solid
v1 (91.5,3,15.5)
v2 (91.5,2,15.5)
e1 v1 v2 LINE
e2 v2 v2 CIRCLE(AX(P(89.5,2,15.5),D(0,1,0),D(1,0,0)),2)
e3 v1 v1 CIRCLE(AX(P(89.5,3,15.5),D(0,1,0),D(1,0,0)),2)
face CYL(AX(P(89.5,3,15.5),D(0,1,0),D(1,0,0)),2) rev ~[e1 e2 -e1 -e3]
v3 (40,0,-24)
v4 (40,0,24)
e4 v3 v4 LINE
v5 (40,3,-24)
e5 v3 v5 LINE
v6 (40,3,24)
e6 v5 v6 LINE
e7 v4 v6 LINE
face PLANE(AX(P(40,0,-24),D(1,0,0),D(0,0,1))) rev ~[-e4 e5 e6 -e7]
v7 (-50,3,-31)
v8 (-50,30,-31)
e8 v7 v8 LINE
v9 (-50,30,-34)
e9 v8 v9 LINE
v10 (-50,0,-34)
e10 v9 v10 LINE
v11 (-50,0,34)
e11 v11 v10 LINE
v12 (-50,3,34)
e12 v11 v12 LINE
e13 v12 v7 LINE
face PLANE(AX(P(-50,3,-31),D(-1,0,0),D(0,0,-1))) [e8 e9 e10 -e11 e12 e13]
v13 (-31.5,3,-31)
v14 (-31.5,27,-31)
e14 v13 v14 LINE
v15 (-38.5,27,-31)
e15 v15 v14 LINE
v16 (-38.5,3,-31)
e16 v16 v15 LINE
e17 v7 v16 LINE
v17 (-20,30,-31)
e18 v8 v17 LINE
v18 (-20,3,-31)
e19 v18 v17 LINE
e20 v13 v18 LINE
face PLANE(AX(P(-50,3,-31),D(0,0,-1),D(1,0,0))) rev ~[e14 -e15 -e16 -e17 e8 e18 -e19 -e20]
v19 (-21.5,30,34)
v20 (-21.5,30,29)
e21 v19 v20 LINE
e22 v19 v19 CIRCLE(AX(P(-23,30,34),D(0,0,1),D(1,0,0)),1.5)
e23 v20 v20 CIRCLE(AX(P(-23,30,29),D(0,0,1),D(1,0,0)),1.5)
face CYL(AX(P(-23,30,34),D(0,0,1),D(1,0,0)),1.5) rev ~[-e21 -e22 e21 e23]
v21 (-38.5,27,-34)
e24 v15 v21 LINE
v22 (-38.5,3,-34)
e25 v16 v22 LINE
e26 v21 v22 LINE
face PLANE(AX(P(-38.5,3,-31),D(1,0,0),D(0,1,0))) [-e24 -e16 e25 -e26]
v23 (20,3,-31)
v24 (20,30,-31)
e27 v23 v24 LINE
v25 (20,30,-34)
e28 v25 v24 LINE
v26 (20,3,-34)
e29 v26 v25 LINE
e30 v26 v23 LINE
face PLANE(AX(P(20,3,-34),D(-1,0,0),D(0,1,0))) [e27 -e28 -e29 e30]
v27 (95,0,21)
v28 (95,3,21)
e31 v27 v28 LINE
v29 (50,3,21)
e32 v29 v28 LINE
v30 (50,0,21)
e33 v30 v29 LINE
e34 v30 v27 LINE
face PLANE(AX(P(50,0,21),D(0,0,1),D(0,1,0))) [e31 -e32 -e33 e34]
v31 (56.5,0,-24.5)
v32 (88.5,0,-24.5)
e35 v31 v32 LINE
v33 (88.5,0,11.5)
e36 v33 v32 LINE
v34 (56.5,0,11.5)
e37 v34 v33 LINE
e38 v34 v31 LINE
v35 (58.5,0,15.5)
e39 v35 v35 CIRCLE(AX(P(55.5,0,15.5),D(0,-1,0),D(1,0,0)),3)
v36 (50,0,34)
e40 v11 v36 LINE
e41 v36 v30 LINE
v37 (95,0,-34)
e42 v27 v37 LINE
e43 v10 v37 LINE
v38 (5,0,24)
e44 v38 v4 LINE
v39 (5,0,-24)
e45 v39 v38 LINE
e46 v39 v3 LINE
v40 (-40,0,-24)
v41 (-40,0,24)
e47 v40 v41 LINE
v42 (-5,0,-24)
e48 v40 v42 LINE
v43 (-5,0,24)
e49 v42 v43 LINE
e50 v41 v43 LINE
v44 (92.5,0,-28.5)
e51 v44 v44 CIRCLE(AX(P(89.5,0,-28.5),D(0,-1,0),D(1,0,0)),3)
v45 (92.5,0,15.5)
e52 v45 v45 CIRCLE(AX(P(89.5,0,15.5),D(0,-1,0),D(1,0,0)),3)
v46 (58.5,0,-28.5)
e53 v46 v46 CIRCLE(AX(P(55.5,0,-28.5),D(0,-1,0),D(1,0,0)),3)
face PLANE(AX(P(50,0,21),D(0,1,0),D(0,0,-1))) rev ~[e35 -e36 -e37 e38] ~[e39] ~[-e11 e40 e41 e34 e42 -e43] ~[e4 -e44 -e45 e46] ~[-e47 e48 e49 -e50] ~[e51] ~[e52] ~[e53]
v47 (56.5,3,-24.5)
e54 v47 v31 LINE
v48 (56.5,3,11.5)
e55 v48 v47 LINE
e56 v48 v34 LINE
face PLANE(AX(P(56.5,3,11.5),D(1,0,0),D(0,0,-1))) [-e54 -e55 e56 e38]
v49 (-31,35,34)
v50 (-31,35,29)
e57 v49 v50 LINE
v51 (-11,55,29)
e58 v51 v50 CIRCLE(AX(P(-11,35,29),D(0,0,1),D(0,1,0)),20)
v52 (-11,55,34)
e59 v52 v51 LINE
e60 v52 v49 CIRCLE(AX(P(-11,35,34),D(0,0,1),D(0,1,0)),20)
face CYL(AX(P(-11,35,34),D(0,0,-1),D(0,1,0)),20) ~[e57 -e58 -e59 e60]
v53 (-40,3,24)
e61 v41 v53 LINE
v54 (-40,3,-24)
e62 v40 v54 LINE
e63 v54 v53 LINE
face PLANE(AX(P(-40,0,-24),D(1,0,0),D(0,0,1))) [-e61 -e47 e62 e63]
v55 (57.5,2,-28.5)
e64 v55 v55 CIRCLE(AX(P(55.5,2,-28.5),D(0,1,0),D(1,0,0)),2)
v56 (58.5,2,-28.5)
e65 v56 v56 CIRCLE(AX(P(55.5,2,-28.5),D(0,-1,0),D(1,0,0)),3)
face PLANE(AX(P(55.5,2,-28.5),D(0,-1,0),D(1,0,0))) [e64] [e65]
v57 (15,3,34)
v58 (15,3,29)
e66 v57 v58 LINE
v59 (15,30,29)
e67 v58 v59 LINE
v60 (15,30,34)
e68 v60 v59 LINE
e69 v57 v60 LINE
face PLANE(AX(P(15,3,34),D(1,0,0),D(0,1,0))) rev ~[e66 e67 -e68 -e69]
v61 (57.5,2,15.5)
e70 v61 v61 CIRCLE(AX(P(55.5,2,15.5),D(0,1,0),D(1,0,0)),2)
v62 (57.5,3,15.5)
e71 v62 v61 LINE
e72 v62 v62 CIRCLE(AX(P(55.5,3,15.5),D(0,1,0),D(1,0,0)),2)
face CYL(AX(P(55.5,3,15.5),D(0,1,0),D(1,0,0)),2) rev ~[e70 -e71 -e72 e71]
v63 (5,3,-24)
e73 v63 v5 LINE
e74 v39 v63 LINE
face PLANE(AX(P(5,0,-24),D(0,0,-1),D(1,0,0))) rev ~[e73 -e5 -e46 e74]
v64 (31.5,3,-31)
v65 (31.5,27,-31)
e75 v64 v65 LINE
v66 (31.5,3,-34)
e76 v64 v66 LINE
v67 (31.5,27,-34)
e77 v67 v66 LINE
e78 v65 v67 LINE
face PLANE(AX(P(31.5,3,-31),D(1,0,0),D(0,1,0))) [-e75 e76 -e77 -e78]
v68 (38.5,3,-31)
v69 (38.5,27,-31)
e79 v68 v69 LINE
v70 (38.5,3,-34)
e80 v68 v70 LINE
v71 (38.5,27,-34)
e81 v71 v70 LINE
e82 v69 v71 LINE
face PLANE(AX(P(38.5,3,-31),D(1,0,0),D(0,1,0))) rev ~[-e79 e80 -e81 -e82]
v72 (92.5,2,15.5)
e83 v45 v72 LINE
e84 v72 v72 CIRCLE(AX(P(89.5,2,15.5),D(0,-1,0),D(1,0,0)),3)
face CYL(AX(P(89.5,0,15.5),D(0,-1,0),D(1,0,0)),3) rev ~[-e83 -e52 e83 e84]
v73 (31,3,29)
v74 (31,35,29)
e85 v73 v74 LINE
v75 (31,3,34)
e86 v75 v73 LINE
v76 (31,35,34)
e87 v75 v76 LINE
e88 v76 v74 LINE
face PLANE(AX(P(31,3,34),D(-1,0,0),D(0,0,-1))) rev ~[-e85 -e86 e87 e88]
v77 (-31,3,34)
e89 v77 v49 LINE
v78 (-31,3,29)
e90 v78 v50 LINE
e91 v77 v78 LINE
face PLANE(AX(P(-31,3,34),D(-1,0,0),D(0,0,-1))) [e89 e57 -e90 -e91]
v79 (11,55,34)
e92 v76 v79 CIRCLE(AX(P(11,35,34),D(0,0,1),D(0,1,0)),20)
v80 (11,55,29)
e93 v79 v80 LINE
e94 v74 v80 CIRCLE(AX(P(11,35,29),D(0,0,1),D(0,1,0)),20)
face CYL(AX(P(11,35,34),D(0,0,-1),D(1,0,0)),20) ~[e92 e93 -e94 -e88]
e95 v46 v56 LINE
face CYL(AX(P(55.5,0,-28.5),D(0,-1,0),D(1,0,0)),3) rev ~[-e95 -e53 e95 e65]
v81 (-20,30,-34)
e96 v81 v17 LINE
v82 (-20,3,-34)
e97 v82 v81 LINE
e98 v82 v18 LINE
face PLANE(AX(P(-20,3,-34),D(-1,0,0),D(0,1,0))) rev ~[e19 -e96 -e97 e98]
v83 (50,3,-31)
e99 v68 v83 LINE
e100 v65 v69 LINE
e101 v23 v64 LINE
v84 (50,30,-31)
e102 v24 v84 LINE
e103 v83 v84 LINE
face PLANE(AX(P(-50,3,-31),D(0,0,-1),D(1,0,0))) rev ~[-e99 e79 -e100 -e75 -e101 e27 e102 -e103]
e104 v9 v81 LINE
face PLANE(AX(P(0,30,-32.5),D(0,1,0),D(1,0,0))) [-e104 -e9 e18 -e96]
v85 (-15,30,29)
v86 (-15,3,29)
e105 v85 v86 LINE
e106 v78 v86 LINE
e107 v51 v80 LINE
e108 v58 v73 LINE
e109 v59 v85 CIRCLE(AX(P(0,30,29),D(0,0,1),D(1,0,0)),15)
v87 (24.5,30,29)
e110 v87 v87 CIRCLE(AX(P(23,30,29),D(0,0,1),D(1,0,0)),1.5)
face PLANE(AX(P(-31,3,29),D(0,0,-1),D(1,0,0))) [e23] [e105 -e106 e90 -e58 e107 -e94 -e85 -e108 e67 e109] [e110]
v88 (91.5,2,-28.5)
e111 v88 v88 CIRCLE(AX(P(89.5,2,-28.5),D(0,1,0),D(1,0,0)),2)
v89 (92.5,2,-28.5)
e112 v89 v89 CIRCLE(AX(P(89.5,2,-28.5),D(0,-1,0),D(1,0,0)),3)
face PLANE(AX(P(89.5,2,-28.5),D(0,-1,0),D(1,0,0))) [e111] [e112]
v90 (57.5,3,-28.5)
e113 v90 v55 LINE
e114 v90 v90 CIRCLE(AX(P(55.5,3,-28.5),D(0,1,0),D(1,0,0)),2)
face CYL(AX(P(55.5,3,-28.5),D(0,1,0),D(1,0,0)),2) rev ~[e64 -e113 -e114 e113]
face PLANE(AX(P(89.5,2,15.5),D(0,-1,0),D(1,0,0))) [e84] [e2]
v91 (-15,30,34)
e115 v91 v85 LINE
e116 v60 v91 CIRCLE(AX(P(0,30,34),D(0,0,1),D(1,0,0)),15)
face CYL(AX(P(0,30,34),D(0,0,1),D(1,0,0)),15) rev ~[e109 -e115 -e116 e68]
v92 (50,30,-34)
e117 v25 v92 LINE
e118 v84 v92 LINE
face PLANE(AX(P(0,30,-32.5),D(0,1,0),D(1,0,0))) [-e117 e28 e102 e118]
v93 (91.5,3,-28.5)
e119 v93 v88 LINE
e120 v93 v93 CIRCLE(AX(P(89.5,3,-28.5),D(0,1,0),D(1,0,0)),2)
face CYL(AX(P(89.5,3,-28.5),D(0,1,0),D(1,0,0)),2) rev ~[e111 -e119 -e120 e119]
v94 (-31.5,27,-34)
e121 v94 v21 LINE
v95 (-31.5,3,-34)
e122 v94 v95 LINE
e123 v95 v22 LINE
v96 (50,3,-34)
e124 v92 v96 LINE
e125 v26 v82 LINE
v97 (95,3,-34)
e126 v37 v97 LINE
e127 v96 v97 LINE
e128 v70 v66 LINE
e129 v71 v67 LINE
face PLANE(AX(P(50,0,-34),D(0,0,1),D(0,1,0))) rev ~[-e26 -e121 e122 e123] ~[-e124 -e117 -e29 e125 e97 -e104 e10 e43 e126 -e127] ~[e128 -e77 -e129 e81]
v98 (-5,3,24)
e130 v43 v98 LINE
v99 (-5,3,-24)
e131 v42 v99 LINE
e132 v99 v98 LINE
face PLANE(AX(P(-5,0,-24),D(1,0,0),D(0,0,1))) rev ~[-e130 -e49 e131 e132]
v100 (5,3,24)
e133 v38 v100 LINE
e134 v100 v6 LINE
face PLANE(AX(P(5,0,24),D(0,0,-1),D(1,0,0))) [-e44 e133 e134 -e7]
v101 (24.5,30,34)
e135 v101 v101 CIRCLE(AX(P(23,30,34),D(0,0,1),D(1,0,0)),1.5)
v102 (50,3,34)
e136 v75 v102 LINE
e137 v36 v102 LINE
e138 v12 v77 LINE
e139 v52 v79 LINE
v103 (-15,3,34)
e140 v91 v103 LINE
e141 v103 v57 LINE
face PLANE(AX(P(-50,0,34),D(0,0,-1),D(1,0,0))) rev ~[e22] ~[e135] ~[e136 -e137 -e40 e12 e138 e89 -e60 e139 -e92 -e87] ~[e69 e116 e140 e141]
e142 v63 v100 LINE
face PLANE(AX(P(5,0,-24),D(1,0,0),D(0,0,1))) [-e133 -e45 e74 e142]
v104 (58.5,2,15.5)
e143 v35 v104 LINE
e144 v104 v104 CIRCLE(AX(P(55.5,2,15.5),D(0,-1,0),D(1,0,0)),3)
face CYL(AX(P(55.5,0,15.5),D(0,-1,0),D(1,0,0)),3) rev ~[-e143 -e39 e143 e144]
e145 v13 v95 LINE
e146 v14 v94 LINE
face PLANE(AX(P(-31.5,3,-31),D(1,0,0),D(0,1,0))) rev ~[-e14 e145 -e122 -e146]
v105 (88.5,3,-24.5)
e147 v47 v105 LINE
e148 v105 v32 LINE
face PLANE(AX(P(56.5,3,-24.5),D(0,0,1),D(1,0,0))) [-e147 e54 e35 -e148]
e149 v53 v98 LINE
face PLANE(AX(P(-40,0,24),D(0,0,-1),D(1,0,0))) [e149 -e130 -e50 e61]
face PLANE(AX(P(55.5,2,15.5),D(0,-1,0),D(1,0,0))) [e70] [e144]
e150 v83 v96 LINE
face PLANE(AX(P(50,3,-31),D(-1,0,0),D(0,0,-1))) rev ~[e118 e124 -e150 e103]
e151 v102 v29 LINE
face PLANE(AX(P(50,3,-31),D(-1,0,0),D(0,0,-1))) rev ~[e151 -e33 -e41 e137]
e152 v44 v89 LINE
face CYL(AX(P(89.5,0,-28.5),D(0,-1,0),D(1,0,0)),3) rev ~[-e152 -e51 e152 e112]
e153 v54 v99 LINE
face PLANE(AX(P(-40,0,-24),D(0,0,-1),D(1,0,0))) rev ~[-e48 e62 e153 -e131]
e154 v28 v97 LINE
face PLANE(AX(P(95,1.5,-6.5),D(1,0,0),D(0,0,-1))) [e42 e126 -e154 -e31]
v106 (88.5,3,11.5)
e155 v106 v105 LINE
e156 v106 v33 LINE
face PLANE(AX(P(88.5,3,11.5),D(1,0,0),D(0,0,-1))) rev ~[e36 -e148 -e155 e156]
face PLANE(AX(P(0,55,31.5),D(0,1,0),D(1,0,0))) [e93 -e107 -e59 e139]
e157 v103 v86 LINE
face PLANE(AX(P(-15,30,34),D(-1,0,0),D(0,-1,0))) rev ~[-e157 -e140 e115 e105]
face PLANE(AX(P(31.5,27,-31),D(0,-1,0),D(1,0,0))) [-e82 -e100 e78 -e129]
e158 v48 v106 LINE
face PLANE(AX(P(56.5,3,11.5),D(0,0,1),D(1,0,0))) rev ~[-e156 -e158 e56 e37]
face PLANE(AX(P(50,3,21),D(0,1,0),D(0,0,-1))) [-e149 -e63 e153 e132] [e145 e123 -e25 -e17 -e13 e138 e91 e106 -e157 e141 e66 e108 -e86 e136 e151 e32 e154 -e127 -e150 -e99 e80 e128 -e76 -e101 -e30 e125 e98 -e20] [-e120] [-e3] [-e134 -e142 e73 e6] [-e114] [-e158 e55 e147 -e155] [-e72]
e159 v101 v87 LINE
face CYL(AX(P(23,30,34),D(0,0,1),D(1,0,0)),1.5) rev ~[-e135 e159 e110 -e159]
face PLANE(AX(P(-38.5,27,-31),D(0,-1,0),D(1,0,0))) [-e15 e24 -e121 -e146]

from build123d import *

# Parameters (mm, degrees)
SKETCH_1_W          = 100
SKETCH_1_H          = 68
EXTRUDE_1_DEPTH     = 3
SKETCH_2_W          = 100
SKETCH_2_H          = 3
EXTRUDE_2_DEPTH     = 27
SKETCH_3_W          = 7
SKETCH_3_H          = 24
CUT_EXTRUDE_2_DEPTH = 27
SKETCH_4_W          = 62
SKETCH_4_H          = 5
EXTRUDE_3_DEPTH     = 52
SKETCH_5_R          = 1.5
CUT_EXTRUDE_4_DEPTH = 5
SKETCH_7_W          = 35
SKETCH_7_H          = 48
CUT_EXTRUDE_5_DEPTH = 3
SKETCH_8_W          = 55
SKETCH_8_H          = 3
EXTRUDE_4_DEPTH     = 45
SKETCH_10_R         = 2
SKETCH_10_W         = 32
SKETCH_10_H         = 36
CUT_EXTRUDE_6_DEPTH = 45
SKETCH_12_R         = 3
CUT_EXTRUDE_7_DEPTH = 2
SKETCH_13_W         = 40
SKETCH_13_H         = 27
CUT_EXTRUDE_8_DEPTH = 10
FILLET_1_R          = 20


with BuildPart() as part:
    # 스케치1 → 보스-돌출1 (new body)
    with BuildSketch(Plane(origin=(0, 0, 0), x_dir=(1, 0, 0), z_dir=(0, 1, 0))):
        Rectangle(SKETCH_1_W, SKETCH_1_H)
    extrude(amount=EXTRUDE_1_DEPTH)

    # 스케치2 → 보스-돌출2 (add)
    with BuildSketch(Plane(origin=(0, 3, 0), x_dir=(1, 0, 0), z_dir=(0, 1, 0))):
        with Locations((0, 32.5)):
            Rectangle(SKETCH_2_W, SKETCH_2_H)
    extrude(amount=EXTRUDE_2_DEPTH)

    # 스케치3 → 컷-돌출2 (cut)
    with BuildSketch(Plane.XY.offset(-31)):
        with Locations((-35, 15)):
            Rectangle(SKETCH_3_W, SKETCH_3_H)
        with Locations((35, 15)):
            Rectangle(SKETCH_3_W, SKETCH_3_H)
    extrude(amount=-CUT_EXTRUDE_2_DEPTH, mode=Mode.SUBTRACT)

    # 스케치4 → 보스-돌출3 (add)
    with BuildSketch(Plane(origin=(0, 3, 0), x_dir=(1, 0, 0), z_dir=(0, 1, 0))):
        with Locations((0, -31.5)):
            Rectangle(SKETCH_4_W, SKETCH_4_H)
    extrude(amount=EXTRUDE_3_DEPTH)

    # 스케치5 → 컷-돌출4 (cut)
    with BuildSketch(Plane.XY.offset(34)):
        with Locations((-23, 30)):
            Circle(SKETCH_5_R)
        with Locations((23, 30)):
            Circle(SKETCH_5_R)
        with BuildLine():
            Line((-15, 30), (-15, 3))
            Line((-15, 3), (15, 3))
            Line((15, 3), (15, 30))
            ThreePointArc((15, 30), (0, 45), (-15, 30))
        make_face()
    extrude(amount=-CUT_EXTRUDE_4_DEPTH, mode=Mode.SUBTRACT)

    # 스케치7 → 컷-돌출5 (cut)
    with BuildSketch(Plane.XZ):
        with Locations((22.5, 0)):
            Rectangle(SKETCH_7_W, SKETCH_7_H)
        with Locations((-22.5, 0)):
            Rectangle(SKETCH_7_W, SKETCH_7_H)
    extrude(amount=-CUT_EXTRUDE_5_DEPTH, mode=Mode.SUBTRACT)

    # 스케치8 → 보스-돌출4 (add)
    with BuildSketch(Plane(origin=(50, 0, 0), x_dir=(0, 0, -1), z_dir=(1, 0, 0))):
        with Locations((6.5, 1.5)):
            Rectangle(SKETCH_8_W, SKETCH_8_H)
    extrude(amount=EXTRUDE_4_DEPTH)

    # 스케치10 → 컷-돌출6 (cut)
    with BuildSketch(Plane(origin=(0, 3, 0), x_dir=(1, 0, 0), z_dir=(0, 1, 0))):
        with Locations((55.5, -15.5)):
            Circle(SKETCH_10_R)
        with Locations((55.5, 28.5)):
            Circle(SKETCH_10_R)
        with Locations((89.5, 28.5)):
            Circle(SKETCH_10_R)
        with Locations((89.5, -15.5)):
            Circle(SKETCH_10_R)
        with Locations((72.5, 6.5)):
            Rectangle(SKETCH_10_W, SKETCH_10_H)
    extrude(amount=-CUT_EXTRUDE_6_DEPTH, mode=Mode.SUBTRACT)

    # 스케치12 → 컷-돌출7 (cut)
    with BuildSketch(Plane.XZ):
        with Locations((89.5, -28.5)):
            Circle(SKETCH_12_R)
        with Locations((89.5, 15.5)):
            Circle(SKETCH_12_R)
        with Locations((55.5, 15.5)):
            Circle(SKETCH_12_R)
        with Locations((55.5, -28.5)):
            Circle(SKETCH_12_R)
    extrude(amount=-CUT_EXTRUDE_7_DEPTH, mode=Mode.SUBTRACT)

    # 스케치13 → 컷-돌출8 (cut)
    with BuildSketch(Plane(origin=(0, 0, -34), x_dir=(-1, 0, 0), z_dir=(0, 0, -1))):
        with Locations((0, 16.5)):
            Rectangle(SKETCH_13_W, SKETCH_13_H)
    extrude(amount=-CUT_EXTRUDE_8_DEPTH, mode=Mode.SUBTRACT)

    # 필렛1
    fillet_1_edges = [part.edges().sort_by_distance(p)[0] for p in [
        (31, 55, 31.5),
        (-31, 55, 31.5),
    ]]
    fillet(fillet_1_edges, radius=FILLET_1_R)


solid = part.part
